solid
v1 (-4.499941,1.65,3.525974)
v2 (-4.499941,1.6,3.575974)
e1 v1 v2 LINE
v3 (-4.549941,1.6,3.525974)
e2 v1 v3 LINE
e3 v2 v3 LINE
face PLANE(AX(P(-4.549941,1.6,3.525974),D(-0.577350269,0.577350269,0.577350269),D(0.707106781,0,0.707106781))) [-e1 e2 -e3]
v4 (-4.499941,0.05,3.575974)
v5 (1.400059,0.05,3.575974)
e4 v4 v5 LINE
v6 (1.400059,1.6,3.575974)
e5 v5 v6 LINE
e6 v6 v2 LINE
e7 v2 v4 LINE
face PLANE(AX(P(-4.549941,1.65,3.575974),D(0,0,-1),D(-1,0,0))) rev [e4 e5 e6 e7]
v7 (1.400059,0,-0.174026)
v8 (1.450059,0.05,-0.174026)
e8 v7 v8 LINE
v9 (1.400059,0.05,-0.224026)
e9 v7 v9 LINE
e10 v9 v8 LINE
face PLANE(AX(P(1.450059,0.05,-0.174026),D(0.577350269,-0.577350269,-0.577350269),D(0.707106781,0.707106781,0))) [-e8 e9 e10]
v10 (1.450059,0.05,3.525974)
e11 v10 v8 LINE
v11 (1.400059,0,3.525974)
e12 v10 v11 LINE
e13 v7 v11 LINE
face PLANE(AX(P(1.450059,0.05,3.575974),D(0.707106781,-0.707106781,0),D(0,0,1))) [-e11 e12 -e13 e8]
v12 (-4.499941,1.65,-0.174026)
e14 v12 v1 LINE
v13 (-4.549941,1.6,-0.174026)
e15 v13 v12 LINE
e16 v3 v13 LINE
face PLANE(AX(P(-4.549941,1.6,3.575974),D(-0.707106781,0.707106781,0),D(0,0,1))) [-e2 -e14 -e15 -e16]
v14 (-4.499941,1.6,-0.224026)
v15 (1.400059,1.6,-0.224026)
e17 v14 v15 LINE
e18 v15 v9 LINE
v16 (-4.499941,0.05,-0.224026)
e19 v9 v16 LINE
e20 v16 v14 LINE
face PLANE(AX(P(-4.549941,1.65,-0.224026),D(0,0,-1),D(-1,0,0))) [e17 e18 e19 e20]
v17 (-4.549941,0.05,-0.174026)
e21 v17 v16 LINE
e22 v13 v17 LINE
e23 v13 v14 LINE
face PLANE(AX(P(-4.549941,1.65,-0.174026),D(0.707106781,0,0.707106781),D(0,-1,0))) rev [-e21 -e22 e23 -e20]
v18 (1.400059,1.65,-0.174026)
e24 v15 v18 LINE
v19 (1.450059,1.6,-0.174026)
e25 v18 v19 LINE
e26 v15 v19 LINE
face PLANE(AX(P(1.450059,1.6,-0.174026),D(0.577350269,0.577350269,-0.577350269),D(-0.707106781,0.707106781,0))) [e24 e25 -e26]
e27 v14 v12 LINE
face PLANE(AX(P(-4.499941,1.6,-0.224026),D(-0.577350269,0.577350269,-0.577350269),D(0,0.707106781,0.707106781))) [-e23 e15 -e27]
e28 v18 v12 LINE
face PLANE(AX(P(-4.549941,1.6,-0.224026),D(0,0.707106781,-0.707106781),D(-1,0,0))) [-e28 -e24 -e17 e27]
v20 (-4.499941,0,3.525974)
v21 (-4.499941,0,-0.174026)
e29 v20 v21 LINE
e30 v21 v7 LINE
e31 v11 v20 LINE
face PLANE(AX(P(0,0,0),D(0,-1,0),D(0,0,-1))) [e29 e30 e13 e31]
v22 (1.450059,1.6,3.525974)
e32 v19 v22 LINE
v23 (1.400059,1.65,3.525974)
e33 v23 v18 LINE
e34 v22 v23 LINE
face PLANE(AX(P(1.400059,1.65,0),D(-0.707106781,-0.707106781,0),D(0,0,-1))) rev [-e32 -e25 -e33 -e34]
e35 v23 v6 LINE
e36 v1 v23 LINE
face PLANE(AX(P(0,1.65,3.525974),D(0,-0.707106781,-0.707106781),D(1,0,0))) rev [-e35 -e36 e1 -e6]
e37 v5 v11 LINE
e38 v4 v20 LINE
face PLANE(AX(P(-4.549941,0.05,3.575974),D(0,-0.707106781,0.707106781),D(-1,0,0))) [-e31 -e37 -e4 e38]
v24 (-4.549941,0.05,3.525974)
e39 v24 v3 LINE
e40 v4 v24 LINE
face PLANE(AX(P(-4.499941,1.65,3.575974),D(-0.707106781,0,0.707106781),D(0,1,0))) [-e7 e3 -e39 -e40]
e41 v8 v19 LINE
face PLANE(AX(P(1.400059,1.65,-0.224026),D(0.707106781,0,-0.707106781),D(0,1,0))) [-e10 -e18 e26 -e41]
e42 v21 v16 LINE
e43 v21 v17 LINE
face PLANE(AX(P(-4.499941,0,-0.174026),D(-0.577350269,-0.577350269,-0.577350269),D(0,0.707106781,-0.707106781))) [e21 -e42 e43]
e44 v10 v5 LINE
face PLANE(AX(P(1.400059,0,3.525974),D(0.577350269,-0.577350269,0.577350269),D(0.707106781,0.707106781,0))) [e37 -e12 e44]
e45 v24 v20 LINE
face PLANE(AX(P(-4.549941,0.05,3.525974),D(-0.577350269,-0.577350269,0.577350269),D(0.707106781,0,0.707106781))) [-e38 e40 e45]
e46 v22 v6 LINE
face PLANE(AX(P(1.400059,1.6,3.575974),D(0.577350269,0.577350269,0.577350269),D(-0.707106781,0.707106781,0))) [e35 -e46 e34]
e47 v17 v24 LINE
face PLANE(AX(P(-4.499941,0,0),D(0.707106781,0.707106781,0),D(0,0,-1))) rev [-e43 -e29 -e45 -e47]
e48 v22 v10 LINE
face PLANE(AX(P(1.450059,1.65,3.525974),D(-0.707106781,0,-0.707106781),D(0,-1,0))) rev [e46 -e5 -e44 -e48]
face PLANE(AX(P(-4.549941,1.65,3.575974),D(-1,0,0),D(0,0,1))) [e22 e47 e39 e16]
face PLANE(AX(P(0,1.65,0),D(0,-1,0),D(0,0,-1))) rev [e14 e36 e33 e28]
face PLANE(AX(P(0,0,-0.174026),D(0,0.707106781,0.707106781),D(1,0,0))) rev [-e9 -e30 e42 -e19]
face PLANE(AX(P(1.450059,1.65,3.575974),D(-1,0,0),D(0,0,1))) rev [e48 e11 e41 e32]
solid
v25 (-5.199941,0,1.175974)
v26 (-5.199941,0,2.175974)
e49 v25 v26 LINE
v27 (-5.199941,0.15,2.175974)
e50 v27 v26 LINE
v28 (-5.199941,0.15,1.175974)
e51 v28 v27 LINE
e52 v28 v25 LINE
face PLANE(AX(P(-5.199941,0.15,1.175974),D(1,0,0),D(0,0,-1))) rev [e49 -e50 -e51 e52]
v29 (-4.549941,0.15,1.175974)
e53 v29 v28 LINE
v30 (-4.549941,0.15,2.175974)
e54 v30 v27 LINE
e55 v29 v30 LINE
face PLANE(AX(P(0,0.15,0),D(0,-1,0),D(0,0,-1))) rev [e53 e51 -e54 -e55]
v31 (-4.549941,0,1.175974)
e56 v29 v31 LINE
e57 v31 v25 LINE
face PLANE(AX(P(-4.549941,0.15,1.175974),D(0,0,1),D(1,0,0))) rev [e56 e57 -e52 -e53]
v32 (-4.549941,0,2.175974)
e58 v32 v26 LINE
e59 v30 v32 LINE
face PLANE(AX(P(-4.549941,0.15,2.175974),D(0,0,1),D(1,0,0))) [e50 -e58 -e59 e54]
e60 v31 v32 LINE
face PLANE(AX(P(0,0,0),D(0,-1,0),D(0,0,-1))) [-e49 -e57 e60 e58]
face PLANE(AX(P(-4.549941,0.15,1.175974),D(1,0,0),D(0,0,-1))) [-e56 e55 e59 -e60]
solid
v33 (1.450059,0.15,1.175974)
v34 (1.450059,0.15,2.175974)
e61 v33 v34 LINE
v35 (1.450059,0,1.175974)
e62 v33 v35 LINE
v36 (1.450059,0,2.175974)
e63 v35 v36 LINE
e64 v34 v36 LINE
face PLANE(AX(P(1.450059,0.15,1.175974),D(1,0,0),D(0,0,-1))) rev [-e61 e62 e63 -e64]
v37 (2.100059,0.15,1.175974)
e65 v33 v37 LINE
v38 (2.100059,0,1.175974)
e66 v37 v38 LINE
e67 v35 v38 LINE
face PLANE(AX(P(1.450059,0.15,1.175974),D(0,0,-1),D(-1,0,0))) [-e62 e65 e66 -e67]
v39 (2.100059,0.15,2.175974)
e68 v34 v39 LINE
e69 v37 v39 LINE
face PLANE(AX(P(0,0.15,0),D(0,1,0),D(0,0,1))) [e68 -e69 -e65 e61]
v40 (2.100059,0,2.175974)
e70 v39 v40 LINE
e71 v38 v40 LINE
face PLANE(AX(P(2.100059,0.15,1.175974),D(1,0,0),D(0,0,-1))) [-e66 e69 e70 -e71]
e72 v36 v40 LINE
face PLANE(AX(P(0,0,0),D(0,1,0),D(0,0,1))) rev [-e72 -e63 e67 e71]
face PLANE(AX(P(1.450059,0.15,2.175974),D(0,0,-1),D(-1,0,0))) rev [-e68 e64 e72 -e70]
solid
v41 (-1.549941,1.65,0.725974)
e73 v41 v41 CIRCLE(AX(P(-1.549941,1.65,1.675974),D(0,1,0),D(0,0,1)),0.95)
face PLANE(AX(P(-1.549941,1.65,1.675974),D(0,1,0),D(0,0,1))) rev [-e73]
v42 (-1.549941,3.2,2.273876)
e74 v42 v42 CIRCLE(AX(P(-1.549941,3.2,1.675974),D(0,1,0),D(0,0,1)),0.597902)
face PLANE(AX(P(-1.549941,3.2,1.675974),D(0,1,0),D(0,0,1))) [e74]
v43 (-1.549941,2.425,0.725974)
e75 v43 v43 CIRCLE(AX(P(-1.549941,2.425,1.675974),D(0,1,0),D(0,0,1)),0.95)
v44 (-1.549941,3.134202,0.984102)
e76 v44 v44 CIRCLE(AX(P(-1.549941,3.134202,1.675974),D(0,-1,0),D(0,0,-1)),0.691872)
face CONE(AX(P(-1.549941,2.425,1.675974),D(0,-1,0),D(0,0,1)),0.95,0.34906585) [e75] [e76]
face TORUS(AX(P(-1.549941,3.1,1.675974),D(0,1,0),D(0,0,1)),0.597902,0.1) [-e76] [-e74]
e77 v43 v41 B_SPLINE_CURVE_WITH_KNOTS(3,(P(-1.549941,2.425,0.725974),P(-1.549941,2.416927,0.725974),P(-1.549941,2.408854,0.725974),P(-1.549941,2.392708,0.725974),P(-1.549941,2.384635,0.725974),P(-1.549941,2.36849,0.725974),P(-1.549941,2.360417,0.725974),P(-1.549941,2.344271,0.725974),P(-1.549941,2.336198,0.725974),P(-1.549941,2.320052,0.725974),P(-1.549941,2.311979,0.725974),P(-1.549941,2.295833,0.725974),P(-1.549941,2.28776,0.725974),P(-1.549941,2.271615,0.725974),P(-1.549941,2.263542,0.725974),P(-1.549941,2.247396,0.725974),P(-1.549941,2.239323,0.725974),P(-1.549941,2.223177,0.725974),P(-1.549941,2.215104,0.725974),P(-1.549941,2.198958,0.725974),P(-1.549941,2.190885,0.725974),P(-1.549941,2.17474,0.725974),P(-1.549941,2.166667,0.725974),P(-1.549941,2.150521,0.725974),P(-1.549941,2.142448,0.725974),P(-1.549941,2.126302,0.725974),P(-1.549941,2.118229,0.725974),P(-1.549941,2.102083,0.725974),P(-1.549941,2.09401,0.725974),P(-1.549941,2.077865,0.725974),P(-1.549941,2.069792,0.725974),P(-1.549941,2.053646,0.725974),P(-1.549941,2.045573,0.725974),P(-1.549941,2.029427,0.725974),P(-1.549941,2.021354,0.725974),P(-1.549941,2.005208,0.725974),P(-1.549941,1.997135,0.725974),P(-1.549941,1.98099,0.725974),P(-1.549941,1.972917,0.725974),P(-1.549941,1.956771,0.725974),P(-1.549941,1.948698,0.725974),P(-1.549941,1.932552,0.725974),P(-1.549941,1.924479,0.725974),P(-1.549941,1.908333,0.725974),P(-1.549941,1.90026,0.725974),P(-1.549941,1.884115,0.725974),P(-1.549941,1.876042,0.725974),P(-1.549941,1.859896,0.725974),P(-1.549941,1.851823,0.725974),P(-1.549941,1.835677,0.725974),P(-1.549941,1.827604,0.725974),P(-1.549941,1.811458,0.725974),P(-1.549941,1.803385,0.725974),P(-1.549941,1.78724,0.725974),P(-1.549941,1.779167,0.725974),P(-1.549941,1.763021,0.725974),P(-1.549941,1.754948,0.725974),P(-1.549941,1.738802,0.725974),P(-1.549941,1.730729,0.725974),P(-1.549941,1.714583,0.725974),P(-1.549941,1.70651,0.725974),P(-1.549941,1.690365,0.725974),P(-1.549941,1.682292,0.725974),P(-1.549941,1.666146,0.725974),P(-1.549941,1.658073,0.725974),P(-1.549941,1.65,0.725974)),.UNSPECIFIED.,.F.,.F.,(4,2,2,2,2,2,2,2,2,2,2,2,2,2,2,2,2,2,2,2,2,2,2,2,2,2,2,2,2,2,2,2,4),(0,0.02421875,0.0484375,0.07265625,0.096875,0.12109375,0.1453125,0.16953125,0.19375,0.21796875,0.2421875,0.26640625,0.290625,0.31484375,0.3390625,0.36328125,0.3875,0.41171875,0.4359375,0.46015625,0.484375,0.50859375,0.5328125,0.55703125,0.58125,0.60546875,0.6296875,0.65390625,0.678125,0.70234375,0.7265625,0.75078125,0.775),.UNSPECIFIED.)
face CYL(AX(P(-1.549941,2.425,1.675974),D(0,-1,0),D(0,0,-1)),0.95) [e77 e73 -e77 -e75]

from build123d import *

# Parameters (mm, degrees)
SKETCH1_W             = 6
SKETCH1_H             = 3.8
BOSS_EXTRUDE1_DEPTH   = 1.65
SKETCH1_3_W           = 0.65
SKETCH1_3_H           = 1
BOSS_EXTRUDE2_DEPTH   = 0.15
BOSS_EXTRUDE2_2_DEPTH = 0.15
SKETCH2_R             = 0.95
BOSS_EXTRUDE3_DEPTH   = 0.775
SKETCH4_R             = 0.95
BOSS_EXTRUDE4_DEPTH   = 0.775
BOSS_EXTRUDE4_TAPER   = 20
FILLET1_R             = 0.1
CHAMFER1_SIZE         = 0.05


with BuildPart() as part:
    # Sketch1 → Boss-Extrude1 (new body)
    with BuildSketch(Plane(origin=(0, 0, 0), x_dir=(1, 0, 0), z_dir=(0, 1, 0))):
        with Locations((-1.549940831, -1.675974026)):
            Rectangle(SKETCH1_W, SKETCH1_H)
    extrude(amount=BOSS_EXTRUDE1_DEPTH)

    # Chamfer1
    chamfer1_edges = [part.edges().sort_by_distance(p)[0] for p in [
        (1.450059169, 0, 1.675974026),
        (-4.549940831, 0, 1.675974026),
        (1.450059169, 0.825, -0.224025974),
        (-1.549940831, 0, -0.224025974),
        (-4.549940831, 0.825, -0.224025974),
        (-4.549940831, 0.825, 3.575974026),
        (-1.549940831, 0, 3.575974026),
        (1.450059169, 0.825, 3.575974026),
        (-1.549940831, 1.65, -0.224025974),
        (1.450059169, 1.65, 1.675974026),
        (-1.549940831, 1.65, 3.575974026),
        (-4.549940831, 1.65, 1.675974026),
    ]]
    chamfer(chamfer1_edges, length=CHAMFER1_SIZE)


with BuildPart() as body_2:
    # Sketch1<3> → Boss-Extrude2 (new body)
    with BuildSketch(Plane(origin=(0, 0, 0), x_dir=(1, 0, 0), z_dir=(0, 1, 0))):
        with Locations((1.775059169, -1.675974026)):
            Rectangle(SKETCH1_3_W, SKETCH1_3_H)
    extrude(amount=BOSS_EXTRUDE2_DEPTH)


with BuildPart() as body_3:
    # Sketch1<3> → Boss-Extrude2 2 (new body)
    with BuildSketch(Plane(origin=(0, 0, 0), x_dir=(1, 0, 0), z_dir=(0, 1, 0))):
        with Locations((-4.874940831, -1.675974026)):
            Rectangle(SKETCH1_3_W, SKETCH1_3_H)
    extrude(amount=BOSS_EXTRUDE2_2_DEPTH)


with BuildPart() as body_4:
    # Sketch2 → Boss-Extrude3 (new body)
    with BuildSketch(Plane(origin=(0, 1.65, 0), x_dir=(1, 0, 0), z_dir=(0, 1, 0))):
        with Locations((-1.549940831, -1.675974026)):
            Circle(SKETCH2_R)
    extrude(amount=BOSS_EXTRUDE3_DEPTH)

    # Sketch4 → Boss-Extrude4 (add)
    with BuildSketch(Plane(origin=(0, 2.425, 0), x_dir=(1, 0, 0), z_dir=(0, 1, 0))):
        with Locations((-1.549940831, -1.675974026)):
            Circle(SKETCH4_R)
    extrude(amount=BOSS_EXTRUDE4_DEPTH, taper=BOSS_EXTRUDE4_TAPER)

    # Fillet1
    fillet1_edges = [body_4.edges().sort_by_distance(p)[0] for p in [
        (-2.2178639, 3.2, 1.675974026),
    ]]
    fillet(fillet1_edges, radius=FILLET1_R)


solid = Compound([part.part, body_2.part, body_3.part, body_4.part])
